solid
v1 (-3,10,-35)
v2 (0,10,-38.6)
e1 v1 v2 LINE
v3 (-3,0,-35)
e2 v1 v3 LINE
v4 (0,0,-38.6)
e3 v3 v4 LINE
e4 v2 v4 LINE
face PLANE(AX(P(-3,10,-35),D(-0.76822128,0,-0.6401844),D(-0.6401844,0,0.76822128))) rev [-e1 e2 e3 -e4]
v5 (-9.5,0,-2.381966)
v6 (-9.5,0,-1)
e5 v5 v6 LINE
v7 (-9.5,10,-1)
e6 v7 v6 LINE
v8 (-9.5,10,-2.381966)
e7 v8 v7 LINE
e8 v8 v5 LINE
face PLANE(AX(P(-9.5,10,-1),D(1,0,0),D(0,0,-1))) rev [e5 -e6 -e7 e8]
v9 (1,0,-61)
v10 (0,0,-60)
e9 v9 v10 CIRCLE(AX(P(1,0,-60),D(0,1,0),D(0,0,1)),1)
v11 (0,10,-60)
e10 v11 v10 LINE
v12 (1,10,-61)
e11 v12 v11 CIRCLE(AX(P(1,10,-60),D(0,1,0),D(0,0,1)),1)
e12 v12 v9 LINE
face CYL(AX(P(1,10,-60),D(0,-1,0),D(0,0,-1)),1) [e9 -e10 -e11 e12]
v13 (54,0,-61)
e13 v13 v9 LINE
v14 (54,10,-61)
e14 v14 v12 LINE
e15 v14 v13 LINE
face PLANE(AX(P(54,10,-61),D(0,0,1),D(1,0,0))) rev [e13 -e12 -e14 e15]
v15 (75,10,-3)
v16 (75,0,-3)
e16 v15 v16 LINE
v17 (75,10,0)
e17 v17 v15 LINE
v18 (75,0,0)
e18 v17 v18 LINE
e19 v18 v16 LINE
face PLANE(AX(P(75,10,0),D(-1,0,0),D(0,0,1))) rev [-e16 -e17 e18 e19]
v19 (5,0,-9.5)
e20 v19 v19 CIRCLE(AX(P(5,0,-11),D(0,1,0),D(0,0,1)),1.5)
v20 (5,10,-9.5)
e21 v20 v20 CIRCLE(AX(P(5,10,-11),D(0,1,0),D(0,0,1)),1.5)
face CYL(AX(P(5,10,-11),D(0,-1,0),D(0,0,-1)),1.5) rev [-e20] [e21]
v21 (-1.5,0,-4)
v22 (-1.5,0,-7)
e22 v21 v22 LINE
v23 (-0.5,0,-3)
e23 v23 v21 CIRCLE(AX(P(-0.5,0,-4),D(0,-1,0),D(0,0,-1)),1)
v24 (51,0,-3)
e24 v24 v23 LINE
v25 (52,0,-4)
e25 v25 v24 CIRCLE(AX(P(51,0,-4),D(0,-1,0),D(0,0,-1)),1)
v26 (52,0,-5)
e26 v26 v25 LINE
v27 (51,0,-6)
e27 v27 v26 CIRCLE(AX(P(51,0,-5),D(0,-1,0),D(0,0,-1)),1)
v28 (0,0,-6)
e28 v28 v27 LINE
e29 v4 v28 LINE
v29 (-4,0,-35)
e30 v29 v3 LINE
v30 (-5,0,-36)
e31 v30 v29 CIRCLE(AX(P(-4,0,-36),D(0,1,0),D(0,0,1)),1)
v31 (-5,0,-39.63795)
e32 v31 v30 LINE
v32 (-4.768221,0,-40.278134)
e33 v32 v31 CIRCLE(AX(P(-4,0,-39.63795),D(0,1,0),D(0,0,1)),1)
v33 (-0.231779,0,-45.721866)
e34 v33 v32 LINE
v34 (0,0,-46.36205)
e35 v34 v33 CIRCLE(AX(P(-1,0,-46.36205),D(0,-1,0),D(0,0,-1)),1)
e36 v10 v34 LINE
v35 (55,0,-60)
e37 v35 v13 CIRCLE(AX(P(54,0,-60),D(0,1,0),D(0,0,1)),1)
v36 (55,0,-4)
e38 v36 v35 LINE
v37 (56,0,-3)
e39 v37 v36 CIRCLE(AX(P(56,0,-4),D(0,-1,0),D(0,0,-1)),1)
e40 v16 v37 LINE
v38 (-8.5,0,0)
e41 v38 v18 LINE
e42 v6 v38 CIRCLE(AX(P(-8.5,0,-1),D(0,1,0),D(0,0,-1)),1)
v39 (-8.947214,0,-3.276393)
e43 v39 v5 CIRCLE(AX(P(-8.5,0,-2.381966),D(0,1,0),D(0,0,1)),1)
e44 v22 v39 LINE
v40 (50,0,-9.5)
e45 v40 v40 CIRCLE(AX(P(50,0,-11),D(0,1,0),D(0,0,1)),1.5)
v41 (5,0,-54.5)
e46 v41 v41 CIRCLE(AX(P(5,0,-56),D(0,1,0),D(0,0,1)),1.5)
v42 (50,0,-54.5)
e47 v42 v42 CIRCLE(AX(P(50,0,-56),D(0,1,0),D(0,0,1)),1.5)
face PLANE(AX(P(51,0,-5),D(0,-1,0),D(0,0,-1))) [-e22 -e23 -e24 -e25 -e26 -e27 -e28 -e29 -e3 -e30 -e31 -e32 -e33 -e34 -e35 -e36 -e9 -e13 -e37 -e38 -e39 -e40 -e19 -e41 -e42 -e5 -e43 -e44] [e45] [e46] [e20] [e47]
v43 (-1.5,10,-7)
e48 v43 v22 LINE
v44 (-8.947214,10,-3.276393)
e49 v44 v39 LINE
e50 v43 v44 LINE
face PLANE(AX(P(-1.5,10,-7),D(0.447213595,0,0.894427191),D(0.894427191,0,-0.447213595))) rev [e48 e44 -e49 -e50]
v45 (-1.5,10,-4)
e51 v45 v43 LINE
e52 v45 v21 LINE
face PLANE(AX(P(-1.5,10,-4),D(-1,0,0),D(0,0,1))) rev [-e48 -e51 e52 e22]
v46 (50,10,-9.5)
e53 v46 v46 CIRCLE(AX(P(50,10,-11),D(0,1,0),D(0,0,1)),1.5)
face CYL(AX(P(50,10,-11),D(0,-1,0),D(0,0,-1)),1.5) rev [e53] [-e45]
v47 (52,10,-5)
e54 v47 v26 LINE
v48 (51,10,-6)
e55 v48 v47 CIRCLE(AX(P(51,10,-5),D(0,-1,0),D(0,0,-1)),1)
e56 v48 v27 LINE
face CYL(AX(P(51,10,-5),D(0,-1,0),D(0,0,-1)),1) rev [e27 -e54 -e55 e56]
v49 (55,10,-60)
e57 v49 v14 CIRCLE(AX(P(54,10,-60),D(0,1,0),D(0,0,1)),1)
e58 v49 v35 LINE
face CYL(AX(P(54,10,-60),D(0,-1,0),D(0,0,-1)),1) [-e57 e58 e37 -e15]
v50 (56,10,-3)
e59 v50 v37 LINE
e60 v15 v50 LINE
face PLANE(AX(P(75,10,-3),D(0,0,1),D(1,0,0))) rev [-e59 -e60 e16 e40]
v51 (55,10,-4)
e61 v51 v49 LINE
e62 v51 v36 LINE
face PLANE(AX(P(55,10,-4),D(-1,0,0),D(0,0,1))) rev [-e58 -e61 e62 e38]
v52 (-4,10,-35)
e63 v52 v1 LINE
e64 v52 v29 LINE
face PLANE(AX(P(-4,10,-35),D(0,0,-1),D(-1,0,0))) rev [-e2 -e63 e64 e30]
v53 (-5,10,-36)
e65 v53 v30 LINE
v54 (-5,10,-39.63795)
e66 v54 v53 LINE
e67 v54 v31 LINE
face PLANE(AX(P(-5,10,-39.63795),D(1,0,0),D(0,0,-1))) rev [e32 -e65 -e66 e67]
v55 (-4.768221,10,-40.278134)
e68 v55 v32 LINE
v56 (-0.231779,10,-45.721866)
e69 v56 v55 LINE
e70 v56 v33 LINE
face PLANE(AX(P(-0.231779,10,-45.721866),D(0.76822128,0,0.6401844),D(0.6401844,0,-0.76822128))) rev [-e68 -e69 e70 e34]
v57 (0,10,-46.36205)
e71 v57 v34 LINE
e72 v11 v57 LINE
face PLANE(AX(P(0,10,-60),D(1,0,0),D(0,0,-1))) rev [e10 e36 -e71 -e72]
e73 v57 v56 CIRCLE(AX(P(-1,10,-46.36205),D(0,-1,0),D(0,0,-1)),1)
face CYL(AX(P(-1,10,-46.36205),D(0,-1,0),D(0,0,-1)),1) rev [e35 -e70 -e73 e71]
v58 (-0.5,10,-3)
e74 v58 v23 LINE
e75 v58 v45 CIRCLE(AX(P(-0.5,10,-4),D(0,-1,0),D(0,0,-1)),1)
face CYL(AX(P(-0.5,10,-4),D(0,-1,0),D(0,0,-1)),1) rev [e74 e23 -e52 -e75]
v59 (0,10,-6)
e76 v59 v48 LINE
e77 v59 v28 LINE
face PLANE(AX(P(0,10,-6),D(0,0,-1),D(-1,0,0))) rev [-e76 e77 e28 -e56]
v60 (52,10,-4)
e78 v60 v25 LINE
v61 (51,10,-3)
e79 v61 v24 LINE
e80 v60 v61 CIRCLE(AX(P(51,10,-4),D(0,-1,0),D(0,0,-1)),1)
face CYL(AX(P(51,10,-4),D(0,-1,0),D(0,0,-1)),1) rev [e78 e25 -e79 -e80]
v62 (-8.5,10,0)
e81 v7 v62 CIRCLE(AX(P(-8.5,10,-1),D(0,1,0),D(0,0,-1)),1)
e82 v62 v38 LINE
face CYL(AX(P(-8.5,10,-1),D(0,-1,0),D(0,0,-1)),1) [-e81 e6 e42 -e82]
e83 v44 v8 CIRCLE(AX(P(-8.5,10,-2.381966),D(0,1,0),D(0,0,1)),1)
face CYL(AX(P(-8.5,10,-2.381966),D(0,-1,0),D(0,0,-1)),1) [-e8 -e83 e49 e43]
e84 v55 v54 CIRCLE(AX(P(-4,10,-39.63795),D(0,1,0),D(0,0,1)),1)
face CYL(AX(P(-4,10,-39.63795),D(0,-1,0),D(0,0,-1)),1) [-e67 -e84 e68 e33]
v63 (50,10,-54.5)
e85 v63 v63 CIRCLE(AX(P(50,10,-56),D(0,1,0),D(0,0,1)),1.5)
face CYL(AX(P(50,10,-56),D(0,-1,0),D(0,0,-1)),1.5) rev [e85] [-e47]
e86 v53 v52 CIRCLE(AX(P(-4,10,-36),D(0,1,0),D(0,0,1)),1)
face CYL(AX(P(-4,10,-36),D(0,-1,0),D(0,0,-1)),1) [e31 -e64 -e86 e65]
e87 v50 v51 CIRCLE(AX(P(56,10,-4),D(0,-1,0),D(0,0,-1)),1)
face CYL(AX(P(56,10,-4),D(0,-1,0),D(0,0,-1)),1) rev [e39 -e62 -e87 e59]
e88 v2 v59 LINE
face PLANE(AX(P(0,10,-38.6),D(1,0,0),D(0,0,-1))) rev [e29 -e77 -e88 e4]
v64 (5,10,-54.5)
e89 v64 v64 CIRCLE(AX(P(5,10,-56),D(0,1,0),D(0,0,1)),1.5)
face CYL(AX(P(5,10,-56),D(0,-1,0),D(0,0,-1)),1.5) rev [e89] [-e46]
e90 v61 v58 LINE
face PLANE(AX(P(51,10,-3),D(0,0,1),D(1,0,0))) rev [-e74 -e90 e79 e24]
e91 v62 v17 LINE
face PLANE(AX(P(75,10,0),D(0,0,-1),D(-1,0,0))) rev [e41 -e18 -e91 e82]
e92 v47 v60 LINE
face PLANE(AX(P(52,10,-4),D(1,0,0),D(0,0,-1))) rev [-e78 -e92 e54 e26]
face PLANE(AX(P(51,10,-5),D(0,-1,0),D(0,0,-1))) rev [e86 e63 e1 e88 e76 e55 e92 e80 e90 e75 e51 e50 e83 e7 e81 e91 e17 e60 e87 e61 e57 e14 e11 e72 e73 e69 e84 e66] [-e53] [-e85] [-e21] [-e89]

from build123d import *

# Parameters (mm, degrees)
SKETCH1_R           = 1.5
BOSS_EXTRUDE1_DEPTH = 10


with BuildPart() as part:
    # Sketch1 → Boss-Extrude1 (new body)
    with BuildSketch(Plane(origin=(0, 0, 0), x_dir=(1, 0, 0), z_dir=(0, 1, 0))):
        with BuildLine():
            Line((55, 4), (55, 60))
            ThreePointArc((55, 60), (54.707106781, 60.707106781), (54, 61))
            Line((54, 61), (1, 61))
            ThreePointArc((1, 61), (0.292893219, 60.707106781), (0, 60))
            Line((0, 60), (0, 46.362049935))
            ThreePointArc((0, 46.362049935), (-0.059728422, 46.021624671), (-0.23177872, 45.721865536))
            Line((-0.23177872, 45.721865536), (-4.76822128, 40.278134464))
            ThreePointArc((-4.76822128, 40.278134464), (-4.940271578, 39.978375329), (-5, 39.637950065))
            Line((-5, 39.637950065), (-5, 36))
            ThreePointArc((-5, 36), (-4.707106781, 35.292893219), (-4, 35))
            Line((-4, 35), (-3, 35))
            Line((-3, 35), (0, 38.6))
            Line((0, 38.6), (0, 6))
            Line((0, 6), (51, 6))
            ThreePointArc((51, 6), (51.707106781, 5.707106781), (52, 5))
            Line((52, 5), (52, 4))
            ThreePointArc((52, 4), (51.707106781, 3.292893219), (51, 3))
            Line((51, 3), (-0.5, 3))
            ThreePointArc((-0.5, 3), (-1.207106781, 3.292893219), (-1.5, 4))
            Line((-1.5, 4), (-1.5, 7))
            Line((-1.5, 7), (-8.947213595, 3.276393202))
            ThreePointArc((-8.947213595, 3.276393202), (-9.350650808, 2.907697123), (-9.5, 2.381966011))
            Line((-9.5, 2.381966011), (-9.5, 1))
            ThreePointArc((-9.5, 1), (-9.207106781, 0.292893219), (-8.5, 0))
            Line((-8.5, 0), (75, 0))
            Line((75, 0), (75, 3))
            Line((75, 3), (56, 3))
            ThreePointArc((56, 3), (55.292893219, 3.292893219), (55, 4))
        make_face()
        with Locations(Location((5, 56, 0), (0, 0, 270))):
            Circle(SKETCH1_R, mode=Mode.SUBTRACT)
        with Locations(Location((50, 56, 0), (0, 0, 270))):
            Circle(SKETCH1_R, mode=Mode.SUBTRACT)
        with Locations(Location((5, 11, 0), (0, 0, 270))):
            Circle(SKETCH1_R, mode=Mode.SUBTRACT)
        with Locations(Location((50, 11, 0), (0, 0, 270))):
            Circle(SKETCH1_R, mode=Mode.SUBTRACT)
    extrude(amount=BOSS_EXTRUDE1_DEPTH)


solid = part.part
